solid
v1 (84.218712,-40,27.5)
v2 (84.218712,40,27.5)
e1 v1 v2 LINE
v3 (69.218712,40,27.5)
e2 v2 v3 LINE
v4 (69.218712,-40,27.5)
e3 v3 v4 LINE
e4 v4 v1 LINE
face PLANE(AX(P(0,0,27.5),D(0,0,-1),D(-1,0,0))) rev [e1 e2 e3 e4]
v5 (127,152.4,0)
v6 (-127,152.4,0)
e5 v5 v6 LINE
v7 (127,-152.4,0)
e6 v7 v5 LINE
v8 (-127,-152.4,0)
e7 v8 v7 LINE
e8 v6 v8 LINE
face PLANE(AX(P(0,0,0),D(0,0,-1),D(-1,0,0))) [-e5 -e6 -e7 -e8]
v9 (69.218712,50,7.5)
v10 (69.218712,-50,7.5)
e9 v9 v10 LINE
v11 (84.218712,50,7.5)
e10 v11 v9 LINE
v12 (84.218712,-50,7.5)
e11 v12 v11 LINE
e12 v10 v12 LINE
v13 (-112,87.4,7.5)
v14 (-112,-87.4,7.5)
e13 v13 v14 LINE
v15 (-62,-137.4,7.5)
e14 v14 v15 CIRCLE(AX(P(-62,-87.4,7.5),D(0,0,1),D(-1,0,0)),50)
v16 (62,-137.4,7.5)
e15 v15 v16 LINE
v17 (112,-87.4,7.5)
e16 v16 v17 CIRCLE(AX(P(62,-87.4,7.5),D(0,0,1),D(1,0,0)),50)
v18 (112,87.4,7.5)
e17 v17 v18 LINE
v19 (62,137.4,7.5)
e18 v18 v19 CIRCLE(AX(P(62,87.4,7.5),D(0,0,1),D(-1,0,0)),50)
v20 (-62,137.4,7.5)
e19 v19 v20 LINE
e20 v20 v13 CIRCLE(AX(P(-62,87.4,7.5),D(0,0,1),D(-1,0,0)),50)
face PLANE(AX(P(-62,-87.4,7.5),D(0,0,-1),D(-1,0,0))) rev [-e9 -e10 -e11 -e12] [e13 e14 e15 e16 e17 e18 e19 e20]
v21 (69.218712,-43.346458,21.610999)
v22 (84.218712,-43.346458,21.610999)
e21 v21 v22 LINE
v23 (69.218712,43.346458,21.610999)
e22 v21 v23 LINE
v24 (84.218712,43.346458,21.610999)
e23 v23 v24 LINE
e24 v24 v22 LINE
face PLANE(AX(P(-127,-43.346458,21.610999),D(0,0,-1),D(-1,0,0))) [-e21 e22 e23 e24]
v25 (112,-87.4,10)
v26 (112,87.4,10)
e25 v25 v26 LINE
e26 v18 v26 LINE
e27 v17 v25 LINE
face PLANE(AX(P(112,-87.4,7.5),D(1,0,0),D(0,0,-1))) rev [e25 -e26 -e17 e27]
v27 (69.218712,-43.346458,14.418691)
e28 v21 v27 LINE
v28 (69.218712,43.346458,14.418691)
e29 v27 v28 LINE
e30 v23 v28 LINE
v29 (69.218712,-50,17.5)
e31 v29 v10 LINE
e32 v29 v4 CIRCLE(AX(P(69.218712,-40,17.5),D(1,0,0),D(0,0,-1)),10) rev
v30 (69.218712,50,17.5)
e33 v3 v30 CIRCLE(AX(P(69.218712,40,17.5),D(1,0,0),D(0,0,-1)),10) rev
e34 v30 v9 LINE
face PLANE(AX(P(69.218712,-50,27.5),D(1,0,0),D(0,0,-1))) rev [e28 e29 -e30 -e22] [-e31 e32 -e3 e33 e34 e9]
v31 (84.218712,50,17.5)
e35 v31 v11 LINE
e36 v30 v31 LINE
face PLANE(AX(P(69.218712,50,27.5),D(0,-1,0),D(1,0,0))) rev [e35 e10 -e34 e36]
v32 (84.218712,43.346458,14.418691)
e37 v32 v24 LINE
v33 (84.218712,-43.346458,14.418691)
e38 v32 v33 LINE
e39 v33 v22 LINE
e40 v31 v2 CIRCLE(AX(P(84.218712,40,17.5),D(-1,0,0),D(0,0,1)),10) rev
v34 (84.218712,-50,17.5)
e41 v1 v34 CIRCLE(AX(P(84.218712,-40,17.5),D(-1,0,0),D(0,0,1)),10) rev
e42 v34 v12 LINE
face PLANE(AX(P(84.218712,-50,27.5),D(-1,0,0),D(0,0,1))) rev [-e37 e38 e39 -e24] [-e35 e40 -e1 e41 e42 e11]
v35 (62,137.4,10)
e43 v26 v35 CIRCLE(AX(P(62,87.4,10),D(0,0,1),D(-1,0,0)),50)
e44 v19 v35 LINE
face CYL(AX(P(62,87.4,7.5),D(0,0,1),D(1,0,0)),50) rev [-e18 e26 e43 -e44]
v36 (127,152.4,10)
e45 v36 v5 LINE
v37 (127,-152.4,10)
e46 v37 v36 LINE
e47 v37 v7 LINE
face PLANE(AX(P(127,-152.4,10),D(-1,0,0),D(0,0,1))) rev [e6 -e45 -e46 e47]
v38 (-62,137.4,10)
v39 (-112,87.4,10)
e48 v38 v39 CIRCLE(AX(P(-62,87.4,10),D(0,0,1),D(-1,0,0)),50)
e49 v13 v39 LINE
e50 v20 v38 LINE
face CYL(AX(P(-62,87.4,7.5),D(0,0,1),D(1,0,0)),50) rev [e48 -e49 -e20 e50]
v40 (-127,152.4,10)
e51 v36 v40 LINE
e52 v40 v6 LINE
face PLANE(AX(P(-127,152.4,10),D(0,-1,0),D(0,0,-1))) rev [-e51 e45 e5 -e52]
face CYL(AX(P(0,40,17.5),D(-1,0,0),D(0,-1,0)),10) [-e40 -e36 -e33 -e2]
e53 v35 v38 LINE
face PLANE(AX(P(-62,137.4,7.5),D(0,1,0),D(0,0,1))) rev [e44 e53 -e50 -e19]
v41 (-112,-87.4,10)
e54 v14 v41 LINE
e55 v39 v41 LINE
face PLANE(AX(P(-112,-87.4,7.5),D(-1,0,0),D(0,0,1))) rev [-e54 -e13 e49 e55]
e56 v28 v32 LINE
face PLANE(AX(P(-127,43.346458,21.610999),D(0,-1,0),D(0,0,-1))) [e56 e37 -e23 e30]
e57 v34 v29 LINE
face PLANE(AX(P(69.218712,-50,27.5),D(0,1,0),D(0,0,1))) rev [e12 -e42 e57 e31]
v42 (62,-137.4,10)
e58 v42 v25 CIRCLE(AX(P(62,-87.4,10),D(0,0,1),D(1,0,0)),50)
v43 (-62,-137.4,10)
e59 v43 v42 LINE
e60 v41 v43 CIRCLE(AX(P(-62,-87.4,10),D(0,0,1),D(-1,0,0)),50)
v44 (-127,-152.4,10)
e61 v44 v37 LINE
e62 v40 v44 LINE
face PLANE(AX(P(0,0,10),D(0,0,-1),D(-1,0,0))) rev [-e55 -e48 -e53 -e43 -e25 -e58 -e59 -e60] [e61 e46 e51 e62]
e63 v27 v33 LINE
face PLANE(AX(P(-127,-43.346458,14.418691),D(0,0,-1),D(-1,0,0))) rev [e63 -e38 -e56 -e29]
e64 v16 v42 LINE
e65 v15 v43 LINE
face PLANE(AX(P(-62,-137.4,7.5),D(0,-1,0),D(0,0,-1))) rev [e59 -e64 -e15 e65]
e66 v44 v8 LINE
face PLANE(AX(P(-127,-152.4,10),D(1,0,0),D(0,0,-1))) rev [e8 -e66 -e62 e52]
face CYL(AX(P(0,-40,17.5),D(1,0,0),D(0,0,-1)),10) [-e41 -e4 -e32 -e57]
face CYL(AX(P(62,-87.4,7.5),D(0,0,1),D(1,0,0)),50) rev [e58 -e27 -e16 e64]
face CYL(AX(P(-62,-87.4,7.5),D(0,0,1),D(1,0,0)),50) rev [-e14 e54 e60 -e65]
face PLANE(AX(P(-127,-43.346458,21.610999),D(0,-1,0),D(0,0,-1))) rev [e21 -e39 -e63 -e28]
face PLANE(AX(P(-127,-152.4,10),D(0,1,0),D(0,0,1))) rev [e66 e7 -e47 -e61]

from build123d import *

# Parameters (mm, degrees)
SKETCH1_W               = 254
SKETCH1_H               = 304.8
BOSS_EXTRUDE1_DEPTH     = 10
CUT_EXTRUDE1_DEPTH      = 2.5
SKETCH3_W               = 15
SKETCH3_H               = 100
BOSS_EXTRUDE2_DEPTH     = 20
CUT_EXTRUDE4_DEPTH      = 262.907148317
CUT_EXTRUDE4_DEPTH_BACK = 262.907148317
SKETCH4_W               = 7.192307822
SKETCH4_H               = 86.692915772
FILLET2_R               = 10


with BuildPart() as part:
    # Sketch1 → Boss-Extrude1 (new body)
    with BuildSketch(Plane.XY):
        Rectangle(SKETCH1_W, SKETCH1_H)
    extrude(amount=BOSS_EXTRUDE1_DEPTH)

    # Sketch2 → Cut-Extrude1 (cut)
    with BuildSketch(Plane.XY.offset(10)):
        with BuildLine():
            Line((-62, -137.4), (62, -137.4))
            ThreePointArc((62, -137.4), (97.355339059, -122.755339059), (112, -87.4))
            Line((112, -87.4), (112, 87.4))
            ThreePointArc((112, 87.4), (97.355339059, 122.755339059), (62, 137.4))
            Line((62, 137.4), (-62, 137.4))
            ThreePointArc((-62, 137.4), (-97.355339059, 122.755339059), (-112, 87.4))
            Line((-112, 87.4), (-112, -87.4))
            ThreePointArc((-112, -87.4), (-97.355339059, -122.755339059), (-62, -137.4))
        make_face()
    extrude(amount=-CUT_EXTRUDE1_DEPTH, mode=Mode.SUBTRACT)

    # Sketch3 → Boss-Extrude2 (add)
    with BuildSketch(Plane.XY.offset(7.5)):
        with Locations((76.718712096, 0)):
            Rectangle(SKETCH3_W, SKETCH3_H)
    extrude(amount=BOSS_EXTRUDE2_DEPTH)

    # Sketch4 → Cut-Extrude4 (cut, two sides: drawn at the far end of the back side and taken through both)
    with BuildSketch(Plane(origin=(84.218712096, 0, 0), x_dir=(0, 0, -1), z_dir=(1, 0, 0)).offset(-CUT_EXTRUDE4_DEPTH_BACK)):
        with Locations((-18.014845045, 0)):
            Rectangle(SKETCH4_W, SKETCH4_H)
    extrude(amount=CUT_EXTRUDE4_DEPTH + CUT_EXTRUDE4_DEPTH_BACK, mode=Mode.SUBTRACT)

    # Fillet2
    fillet2_edges = [part.edges().sort_by_distance(p)[0] for p in [
        (76.718712096, 50, 27.5),
        (76.718712096, -50, 27.5),
    ]]
    fillet(fillet2_edges, radius=FILLET2_R)


solid = part.part
